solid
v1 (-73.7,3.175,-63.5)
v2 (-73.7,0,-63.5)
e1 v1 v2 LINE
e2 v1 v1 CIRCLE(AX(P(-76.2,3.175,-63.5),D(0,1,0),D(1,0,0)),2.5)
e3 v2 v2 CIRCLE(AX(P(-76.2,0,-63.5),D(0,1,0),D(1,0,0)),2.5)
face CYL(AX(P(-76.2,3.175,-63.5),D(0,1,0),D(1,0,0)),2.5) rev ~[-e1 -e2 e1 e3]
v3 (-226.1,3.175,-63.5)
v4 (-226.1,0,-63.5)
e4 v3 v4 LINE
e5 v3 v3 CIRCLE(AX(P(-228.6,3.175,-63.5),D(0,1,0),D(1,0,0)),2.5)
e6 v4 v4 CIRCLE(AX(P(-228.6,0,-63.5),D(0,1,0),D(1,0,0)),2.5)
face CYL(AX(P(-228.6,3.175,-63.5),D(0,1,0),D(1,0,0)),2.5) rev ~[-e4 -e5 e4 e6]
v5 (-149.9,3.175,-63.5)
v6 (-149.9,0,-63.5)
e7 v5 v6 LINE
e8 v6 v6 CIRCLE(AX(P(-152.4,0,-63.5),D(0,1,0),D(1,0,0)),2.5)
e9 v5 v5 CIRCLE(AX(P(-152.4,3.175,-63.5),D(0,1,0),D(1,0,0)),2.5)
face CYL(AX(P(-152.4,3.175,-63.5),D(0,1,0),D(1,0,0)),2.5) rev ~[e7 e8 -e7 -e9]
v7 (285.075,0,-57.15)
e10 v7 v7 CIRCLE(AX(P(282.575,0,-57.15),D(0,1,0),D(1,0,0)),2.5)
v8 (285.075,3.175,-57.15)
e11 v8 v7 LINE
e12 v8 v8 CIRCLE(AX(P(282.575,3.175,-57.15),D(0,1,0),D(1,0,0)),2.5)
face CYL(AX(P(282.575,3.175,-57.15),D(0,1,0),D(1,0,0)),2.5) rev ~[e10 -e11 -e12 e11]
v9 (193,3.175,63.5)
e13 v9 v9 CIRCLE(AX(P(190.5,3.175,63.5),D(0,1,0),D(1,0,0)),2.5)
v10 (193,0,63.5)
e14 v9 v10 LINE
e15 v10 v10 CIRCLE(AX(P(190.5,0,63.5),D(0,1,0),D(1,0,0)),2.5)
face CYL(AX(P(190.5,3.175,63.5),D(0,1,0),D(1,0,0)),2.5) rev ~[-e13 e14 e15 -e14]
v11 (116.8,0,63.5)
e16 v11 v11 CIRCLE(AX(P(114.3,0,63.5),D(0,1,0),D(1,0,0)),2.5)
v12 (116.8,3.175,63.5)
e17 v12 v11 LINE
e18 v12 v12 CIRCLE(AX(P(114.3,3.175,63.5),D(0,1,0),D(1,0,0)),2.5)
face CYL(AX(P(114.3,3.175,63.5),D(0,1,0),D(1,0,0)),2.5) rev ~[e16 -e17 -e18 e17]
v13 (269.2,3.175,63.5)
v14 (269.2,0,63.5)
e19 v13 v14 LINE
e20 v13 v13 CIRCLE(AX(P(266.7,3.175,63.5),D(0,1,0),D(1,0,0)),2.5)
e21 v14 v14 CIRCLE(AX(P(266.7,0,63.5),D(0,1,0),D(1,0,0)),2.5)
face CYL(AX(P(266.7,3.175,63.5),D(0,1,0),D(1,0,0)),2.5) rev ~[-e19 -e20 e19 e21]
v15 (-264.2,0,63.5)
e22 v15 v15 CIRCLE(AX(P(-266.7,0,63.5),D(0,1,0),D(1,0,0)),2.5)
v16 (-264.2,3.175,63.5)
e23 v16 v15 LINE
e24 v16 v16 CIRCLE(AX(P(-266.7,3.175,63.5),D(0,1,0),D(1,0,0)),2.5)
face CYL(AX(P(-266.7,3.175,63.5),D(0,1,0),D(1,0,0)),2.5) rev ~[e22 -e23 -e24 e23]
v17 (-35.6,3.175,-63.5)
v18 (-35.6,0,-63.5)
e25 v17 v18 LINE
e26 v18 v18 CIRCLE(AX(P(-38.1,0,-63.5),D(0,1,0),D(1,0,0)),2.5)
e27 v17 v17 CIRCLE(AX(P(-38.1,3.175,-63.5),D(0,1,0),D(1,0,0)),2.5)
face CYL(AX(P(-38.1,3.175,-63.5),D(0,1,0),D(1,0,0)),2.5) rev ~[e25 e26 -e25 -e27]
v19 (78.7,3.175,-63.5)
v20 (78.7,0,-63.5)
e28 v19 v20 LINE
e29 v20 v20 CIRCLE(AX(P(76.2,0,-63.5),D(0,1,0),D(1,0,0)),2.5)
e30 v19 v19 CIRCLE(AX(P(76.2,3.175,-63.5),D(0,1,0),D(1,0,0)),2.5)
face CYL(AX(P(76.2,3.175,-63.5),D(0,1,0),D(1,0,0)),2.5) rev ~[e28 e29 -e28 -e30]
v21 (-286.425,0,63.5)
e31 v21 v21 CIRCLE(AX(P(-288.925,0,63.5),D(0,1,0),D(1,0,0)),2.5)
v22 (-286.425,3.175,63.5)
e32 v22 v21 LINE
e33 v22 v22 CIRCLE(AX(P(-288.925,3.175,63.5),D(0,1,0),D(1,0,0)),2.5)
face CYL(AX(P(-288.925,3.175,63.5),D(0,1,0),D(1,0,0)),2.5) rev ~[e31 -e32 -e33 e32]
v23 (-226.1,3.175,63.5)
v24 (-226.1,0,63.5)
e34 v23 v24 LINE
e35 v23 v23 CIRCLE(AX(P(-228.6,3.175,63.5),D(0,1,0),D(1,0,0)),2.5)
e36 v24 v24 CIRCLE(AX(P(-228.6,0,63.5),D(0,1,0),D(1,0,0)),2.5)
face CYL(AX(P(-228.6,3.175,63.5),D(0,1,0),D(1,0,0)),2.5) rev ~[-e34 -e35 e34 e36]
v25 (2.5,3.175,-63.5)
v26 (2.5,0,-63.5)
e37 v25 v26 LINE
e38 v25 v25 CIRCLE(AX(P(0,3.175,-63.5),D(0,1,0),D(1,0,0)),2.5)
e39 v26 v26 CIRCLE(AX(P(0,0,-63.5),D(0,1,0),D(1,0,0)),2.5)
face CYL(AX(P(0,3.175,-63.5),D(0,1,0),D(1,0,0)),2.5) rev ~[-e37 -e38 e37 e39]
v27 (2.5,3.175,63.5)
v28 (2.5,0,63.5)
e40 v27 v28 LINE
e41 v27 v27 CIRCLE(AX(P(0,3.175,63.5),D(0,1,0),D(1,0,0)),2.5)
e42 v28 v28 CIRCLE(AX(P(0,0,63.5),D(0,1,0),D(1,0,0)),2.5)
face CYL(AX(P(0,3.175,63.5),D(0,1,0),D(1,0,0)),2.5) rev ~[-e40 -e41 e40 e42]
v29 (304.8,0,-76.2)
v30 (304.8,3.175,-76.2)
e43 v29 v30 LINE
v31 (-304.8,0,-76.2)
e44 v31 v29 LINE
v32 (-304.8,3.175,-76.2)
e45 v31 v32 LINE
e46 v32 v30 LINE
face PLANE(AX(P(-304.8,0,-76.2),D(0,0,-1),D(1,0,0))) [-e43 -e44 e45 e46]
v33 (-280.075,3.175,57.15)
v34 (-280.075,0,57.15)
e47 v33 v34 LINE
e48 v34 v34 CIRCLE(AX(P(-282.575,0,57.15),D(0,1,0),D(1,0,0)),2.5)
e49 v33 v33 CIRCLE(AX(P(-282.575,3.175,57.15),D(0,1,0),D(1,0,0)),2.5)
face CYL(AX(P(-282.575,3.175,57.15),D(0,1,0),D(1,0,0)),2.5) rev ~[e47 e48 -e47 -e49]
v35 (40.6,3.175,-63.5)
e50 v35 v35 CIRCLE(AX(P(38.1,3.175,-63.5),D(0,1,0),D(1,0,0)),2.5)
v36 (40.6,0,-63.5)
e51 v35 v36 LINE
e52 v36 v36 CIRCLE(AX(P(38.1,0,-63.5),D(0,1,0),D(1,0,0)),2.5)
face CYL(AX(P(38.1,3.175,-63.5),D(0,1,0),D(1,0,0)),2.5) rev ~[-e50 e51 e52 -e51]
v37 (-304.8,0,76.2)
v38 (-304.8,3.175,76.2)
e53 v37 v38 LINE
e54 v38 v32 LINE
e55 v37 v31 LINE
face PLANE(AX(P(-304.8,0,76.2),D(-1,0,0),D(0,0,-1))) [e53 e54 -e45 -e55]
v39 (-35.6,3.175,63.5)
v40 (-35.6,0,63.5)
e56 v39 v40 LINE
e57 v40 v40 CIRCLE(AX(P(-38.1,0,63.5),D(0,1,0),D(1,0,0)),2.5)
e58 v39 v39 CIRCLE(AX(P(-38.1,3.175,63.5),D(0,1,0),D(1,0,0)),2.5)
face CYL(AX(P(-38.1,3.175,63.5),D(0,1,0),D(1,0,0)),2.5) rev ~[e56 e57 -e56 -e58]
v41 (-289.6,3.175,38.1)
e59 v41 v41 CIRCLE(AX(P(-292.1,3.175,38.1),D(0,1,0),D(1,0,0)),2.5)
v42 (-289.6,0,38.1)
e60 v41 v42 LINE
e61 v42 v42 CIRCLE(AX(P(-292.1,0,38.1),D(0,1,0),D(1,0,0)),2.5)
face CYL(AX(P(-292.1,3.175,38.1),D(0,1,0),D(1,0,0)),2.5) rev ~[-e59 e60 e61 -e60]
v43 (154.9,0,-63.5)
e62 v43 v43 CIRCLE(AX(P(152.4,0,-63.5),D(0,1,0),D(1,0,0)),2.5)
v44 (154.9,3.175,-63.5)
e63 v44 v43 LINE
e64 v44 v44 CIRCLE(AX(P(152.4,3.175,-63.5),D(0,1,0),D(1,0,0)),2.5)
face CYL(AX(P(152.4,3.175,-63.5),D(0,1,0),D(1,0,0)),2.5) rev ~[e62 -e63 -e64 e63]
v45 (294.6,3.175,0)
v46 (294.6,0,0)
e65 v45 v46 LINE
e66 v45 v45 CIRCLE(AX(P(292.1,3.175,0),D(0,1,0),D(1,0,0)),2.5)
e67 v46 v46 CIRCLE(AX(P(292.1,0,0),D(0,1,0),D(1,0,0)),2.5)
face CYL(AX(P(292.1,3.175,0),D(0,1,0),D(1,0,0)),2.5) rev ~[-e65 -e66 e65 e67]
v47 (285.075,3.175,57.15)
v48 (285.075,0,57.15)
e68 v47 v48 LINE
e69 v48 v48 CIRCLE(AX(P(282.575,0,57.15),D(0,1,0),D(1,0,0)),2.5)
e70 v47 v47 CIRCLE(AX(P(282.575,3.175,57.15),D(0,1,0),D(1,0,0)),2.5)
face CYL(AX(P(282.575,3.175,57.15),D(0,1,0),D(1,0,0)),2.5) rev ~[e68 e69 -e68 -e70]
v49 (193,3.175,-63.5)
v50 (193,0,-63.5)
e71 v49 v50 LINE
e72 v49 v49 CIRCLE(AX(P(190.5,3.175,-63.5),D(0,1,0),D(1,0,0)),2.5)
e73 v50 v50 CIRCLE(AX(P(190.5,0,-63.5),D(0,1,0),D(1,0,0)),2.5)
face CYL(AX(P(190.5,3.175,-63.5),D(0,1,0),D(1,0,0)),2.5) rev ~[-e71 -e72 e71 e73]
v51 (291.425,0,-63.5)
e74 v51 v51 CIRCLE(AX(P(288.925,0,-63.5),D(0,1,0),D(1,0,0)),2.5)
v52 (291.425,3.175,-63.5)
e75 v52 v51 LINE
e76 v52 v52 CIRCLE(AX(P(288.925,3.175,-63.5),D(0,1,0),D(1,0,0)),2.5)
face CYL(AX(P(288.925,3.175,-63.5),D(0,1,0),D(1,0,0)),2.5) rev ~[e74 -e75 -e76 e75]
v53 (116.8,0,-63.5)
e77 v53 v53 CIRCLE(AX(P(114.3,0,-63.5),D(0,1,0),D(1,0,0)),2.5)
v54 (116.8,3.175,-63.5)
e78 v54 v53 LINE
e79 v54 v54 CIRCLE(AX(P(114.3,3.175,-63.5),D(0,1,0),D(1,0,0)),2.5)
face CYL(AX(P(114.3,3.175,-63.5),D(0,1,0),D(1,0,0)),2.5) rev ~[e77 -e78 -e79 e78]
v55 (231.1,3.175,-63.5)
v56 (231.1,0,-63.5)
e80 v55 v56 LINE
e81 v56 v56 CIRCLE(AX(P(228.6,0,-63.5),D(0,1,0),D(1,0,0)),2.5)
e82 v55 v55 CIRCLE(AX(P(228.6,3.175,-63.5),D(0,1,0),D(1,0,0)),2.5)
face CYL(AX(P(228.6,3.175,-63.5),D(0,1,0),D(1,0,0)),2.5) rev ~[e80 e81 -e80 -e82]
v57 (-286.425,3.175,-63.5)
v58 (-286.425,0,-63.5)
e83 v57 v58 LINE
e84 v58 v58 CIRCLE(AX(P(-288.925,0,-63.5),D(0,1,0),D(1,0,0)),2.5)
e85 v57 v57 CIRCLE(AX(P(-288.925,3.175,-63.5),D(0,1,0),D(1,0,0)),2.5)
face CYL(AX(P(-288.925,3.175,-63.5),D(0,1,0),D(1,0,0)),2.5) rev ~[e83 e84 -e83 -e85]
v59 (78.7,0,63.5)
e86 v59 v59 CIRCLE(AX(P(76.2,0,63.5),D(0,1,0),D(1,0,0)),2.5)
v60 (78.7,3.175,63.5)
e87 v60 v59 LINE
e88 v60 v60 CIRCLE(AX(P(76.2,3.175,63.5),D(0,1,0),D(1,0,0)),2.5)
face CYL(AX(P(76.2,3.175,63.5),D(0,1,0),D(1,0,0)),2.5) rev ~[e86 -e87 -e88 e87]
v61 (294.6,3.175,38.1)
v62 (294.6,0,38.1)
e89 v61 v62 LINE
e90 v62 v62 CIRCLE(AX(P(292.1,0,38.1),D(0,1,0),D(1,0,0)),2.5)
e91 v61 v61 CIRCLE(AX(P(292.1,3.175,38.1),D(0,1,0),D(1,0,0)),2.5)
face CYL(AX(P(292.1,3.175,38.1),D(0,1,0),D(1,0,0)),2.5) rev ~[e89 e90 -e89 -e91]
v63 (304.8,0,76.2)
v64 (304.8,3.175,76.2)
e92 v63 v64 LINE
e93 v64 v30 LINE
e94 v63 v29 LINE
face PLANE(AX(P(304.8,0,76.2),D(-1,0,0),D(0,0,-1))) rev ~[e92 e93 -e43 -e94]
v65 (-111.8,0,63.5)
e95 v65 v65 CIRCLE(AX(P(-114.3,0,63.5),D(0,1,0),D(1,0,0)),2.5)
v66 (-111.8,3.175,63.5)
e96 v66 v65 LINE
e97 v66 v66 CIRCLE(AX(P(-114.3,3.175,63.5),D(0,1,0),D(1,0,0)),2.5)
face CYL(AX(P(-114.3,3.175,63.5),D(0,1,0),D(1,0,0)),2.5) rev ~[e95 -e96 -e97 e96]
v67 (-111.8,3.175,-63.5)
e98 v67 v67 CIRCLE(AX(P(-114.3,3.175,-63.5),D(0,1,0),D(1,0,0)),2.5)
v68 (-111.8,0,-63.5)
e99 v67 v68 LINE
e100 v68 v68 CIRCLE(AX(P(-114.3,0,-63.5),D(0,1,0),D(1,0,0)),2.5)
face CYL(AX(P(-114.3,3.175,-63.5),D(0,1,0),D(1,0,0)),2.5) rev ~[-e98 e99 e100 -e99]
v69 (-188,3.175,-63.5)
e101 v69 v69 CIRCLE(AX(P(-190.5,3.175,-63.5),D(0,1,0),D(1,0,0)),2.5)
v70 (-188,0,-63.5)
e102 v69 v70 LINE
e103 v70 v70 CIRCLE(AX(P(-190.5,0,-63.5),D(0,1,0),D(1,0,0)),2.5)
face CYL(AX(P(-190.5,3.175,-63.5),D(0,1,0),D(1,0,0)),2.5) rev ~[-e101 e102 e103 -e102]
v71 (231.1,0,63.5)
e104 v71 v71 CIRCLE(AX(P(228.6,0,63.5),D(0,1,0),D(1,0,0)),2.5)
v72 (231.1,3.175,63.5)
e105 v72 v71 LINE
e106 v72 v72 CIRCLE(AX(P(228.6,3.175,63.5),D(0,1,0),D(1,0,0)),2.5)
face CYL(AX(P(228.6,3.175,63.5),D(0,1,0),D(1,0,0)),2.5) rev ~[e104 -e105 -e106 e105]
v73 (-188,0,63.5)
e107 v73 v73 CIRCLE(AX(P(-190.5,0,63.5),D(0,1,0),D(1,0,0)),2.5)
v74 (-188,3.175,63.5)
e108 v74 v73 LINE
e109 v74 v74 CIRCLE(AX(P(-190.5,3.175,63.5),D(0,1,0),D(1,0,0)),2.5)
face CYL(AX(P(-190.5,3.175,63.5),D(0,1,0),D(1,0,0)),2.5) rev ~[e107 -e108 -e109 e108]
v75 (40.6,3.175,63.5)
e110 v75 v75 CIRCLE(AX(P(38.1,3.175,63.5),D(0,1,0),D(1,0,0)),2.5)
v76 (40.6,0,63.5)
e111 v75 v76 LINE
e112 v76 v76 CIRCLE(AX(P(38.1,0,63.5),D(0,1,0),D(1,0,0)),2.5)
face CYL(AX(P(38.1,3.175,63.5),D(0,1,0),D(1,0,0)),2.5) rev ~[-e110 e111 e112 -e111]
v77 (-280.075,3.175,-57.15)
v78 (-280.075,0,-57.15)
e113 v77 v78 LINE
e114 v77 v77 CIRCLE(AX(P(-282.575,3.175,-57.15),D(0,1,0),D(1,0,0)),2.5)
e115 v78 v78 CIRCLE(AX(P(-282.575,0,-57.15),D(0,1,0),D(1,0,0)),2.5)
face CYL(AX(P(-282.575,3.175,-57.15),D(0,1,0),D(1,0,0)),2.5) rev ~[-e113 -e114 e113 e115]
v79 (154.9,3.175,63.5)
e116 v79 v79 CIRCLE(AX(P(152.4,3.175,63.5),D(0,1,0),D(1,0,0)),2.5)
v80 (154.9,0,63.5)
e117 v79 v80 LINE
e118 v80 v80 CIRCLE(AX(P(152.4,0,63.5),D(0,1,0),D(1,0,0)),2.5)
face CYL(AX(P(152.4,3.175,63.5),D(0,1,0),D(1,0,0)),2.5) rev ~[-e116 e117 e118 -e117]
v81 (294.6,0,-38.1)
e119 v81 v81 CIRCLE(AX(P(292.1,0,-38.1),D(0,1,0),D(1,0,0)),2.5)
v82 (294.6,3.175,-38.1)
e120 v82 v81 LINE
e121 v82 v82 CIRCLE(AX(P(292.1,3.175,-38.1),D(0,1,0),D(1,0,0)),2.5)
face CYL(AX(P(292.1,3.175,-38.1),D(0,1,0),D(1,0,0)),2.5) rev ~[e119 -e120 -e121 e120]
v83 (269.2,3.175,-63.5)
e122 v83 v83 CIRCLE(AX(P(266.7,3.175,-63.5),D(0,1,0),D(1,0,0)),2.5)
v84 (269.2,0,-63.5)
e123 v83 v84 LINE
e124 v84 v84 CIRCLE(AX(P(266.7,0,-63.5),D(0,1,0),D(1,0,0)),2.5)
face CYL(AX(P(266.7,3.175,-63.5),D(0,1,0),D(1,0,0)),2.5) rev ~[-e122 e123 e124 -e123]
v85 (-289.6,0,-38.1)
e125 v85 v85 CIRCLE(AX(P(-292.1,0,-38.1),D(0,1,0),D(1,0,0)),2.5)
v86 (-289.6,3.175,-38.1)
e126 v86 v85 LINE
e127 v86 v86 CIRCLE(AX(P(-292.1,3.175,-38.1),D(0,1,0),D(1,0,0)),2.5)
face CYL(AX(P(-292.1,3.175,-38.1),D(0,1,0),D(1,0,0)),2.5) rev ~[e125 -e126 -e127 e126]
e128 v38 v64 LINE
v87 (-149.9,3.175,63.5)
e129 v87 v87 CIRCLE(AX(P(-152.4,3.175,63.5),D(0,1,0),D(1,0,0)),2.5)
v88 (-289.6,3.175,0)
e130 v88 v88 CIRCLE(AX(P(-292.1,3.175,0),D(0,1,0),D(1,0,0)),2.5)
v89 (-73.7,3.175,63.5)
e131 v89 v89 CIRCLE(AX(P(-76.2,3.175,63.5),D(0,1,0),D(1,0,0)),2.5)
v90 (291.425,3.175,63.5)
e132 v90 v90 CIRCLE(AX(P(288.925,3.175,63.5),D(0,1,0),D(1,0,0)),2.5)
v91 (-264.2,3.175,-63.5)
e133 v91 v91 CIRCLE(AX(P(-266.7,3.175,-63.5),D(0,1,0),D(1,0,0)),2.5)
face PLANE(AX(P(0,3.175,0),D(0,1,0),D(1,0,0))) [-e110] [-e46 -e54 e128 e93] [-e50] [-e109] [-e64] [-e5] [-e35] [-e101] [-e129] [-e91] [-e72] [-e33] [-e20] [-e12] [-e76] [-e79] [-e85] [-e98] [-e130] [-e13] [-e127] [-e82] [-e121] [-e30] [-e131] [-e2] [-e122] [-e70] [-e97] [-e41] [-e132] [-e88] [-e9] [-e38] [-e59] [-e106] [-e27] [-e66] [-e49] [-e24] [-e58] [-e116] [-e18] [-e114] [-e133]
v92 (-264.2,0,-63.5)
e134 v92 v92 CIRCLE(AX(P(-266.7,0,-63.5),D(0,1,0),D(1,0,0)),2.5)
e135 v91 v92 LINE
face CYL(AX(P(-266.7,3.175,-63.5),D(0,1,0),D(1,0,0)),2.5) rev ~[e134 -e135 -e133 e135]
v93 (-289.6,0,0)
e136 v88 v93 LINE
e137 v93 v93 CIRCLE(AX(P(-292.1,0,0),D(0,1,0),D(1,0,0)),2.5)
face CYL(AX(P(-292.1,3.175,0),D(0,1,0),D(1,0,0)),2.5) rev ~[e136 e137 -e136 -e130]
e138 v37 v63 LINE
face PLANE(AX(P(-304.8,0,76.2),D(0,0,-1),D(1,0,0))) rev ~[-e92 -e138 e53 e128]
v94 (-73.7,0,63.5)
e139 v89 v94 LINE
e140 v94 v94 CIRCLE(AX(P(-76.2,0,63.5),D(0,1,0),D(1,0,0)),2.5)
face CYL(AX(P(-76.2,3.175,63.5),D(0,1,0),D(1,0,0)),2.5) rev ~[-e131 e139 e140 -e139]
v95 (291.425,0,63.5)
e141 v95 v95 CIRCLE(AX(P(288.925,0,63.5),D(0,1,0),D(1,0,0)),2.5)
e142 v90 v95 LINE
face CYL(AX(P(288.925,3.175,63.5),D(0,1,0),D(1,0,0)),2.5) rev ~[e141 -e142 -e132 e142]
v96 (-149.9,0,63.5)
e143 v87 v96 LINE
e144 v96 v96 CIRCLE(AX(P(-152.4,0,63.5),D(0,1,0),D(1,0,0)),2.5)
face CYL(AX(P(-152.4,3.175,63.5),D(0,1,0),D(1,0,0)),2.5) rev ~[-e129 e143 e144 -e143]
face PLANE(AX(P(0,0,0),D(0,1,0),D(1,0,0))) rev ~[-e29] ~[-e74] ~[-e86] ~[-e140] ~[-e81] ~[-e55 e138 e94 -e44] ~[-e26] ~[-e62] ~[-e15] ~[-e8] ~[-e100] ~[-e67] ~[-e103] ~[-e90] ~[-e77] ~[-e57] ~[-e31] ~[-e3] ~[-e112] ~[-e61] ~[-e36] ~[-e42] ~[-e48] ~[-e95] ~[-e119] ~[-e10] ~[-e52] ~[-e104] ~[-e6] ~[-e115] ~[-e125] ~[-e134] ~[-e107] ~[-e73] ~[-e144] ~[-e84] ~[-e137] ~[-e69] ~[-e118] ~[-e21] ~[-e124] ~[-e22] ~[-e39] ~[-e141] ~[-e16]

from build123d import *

# Parameters (mm, degrees)
SKETCH1_W           = 609.6
SKETCH1_H           = 152.4
BOSS_EXTRUDE1_DEPTH = 3.175
SKETCH2_R           = 2.5
CUT_EXTRUDE1_DEPTH  = 3.175


with BuildPart() as part:
    # Sketch1 → Boss-Extrude1 (new body)
    with BuildSketch(Plane(origin=(0, 0, 0), x_dir=(1, 0, 0), z_dir=(0, 1, 0))):
        Rectangle(SKETCH1_W, SKETCH1_H)
    extrude(amount=BOSS_EXTRUDE1_DEPTH)

    # Sketch2 → Cut-Extrude1 (cut)
    with BuildSketch(Plane(origin=(0, 3.175, 0), x_dir=(1, 0, 0), z_dir=(0, 1, 0))):
        with Locations((-288.925, 63.5)):
            Circle(SKETCH2_R)
        with Locations((-282.575, 57.15)):
            Circle(SKETCH2_R)
        with Locations((282.575, 57.15)):
            Circle(SKETCH2_R)
        with Locations((288.925, 63.5)):
            Circle(SKETCH2_R)
        with Locations((-266.7, 63.5)):
            Circle(SKETCH2_R)
        with Locations((-228.6, 63.5)):
            Circle(SKETCH2_R)
        with Locations((-190.5, 63.5)):
            Circle(SKETCH2_R)
        with Locations((-152.4, 63.5)):
            Circle(SKETCH2_R)
        with Locations((-114.3, 63.5)):
            Circle(SKETCH2_R)
        with Locations((-76.2, 63.5)):
            Circle(SKETCH2_R)
        with Locations((-38.1, 63.5)):
            Circle(SKETCH2_R)
        with Locations((0, 63.5)):
            Circle(SKETCH2_R)
        with Locations((38.1, 63.5)):
            Circle(SKETCH2_R)
        with Locations((76.2, 63.5)):
            Circle(SKETCH2_R)
        with Locations((114.3, 63.5)):
            Circle(SKETCH2_R)
        with Locations((-292.1, 38.1)):
            Circle(SKETCH2_R)
        with Locations((-292.1, 0)):
            Circle(SKETCH2_R)
        with Locations((-292.1, -38.1)):
            Circle(SKETCH2_R)
        with Locations((292.1, -38.1)):
            Circle(SKETCH2_R)
        with Locations((292.1, 0)):
            Circle(SKETCH2_R)
        with Locations((292.1, 38.1)):
            Circle(SKETCH2_R)
        with Locations((152.4, 63.5)):
            Circle(SKETCH2_R)
        with Locations((190.5, 63.5)):
            Circle(SKETCH2_R)
        with Locations((228.6, 63.5)):
            Circle(SKETCH2_R)
        with Locations((266.7, 63.5)):
            Circle(SKETCH2_R)
        with Locations((266.7, -63.5)):
            Circle(SKETCH2_R)
        with Locations((228.6, -63.5)):
            Circle(SKETCH2_R)
        with Locations((190.5, -63.5)):
            Circle(SKETCH2_R)
        with Locations((152.4, -63.5)):
            Circle(SKETCH2_R)
        with Locations((114.3, -63.5)):
            Circle(SKETCH2_R)
        with Locations((76.2, -63.5)):
            Circle(SKETCH2_R)
        with Locations((38.1, -63.5)):
            Circle(SKETCH2_R)
        with Locations((0, -63.5)):
            Circle(SKETCH2_R)
        with Locations((-38.1, -63.5)):
            Circle(SKETCH2_R)
        with Locations((-76.2, -63.5)):
            Circle(SKETCH2_R)
        with Locations((-114.3, -63.5)):
            Circle(SKETCH2_R)
        with Locations((-152.4, -63.5)):
            Circle(SKETCH2_R)
        with Locations((-190.5, -63.5)):
            Circle(SKETCH2_R)
        with Locations((-228.6, -63.5)):
            Circle(SKETCH2_R)
        with Locations((-266.7, -63.5)):
            Circle(SKETCH2_R)
        with Locations((288.925, -63.5)):
            Circle(SKETCH2_R)
        with Locations((282.575, -57.15)):
            Circle(SKETCH2_R)
        with Locations((-282.575, -57.15)):
            Circle(SKETCH2_R)
        with Locations((-288.925, -63.5)):
            Circle(SKETCH2_R)
    extrude(amount=-CUT_EXTRUDE1_DEPTH, mode=Mode.SUBTRACT)


solid = part.part
